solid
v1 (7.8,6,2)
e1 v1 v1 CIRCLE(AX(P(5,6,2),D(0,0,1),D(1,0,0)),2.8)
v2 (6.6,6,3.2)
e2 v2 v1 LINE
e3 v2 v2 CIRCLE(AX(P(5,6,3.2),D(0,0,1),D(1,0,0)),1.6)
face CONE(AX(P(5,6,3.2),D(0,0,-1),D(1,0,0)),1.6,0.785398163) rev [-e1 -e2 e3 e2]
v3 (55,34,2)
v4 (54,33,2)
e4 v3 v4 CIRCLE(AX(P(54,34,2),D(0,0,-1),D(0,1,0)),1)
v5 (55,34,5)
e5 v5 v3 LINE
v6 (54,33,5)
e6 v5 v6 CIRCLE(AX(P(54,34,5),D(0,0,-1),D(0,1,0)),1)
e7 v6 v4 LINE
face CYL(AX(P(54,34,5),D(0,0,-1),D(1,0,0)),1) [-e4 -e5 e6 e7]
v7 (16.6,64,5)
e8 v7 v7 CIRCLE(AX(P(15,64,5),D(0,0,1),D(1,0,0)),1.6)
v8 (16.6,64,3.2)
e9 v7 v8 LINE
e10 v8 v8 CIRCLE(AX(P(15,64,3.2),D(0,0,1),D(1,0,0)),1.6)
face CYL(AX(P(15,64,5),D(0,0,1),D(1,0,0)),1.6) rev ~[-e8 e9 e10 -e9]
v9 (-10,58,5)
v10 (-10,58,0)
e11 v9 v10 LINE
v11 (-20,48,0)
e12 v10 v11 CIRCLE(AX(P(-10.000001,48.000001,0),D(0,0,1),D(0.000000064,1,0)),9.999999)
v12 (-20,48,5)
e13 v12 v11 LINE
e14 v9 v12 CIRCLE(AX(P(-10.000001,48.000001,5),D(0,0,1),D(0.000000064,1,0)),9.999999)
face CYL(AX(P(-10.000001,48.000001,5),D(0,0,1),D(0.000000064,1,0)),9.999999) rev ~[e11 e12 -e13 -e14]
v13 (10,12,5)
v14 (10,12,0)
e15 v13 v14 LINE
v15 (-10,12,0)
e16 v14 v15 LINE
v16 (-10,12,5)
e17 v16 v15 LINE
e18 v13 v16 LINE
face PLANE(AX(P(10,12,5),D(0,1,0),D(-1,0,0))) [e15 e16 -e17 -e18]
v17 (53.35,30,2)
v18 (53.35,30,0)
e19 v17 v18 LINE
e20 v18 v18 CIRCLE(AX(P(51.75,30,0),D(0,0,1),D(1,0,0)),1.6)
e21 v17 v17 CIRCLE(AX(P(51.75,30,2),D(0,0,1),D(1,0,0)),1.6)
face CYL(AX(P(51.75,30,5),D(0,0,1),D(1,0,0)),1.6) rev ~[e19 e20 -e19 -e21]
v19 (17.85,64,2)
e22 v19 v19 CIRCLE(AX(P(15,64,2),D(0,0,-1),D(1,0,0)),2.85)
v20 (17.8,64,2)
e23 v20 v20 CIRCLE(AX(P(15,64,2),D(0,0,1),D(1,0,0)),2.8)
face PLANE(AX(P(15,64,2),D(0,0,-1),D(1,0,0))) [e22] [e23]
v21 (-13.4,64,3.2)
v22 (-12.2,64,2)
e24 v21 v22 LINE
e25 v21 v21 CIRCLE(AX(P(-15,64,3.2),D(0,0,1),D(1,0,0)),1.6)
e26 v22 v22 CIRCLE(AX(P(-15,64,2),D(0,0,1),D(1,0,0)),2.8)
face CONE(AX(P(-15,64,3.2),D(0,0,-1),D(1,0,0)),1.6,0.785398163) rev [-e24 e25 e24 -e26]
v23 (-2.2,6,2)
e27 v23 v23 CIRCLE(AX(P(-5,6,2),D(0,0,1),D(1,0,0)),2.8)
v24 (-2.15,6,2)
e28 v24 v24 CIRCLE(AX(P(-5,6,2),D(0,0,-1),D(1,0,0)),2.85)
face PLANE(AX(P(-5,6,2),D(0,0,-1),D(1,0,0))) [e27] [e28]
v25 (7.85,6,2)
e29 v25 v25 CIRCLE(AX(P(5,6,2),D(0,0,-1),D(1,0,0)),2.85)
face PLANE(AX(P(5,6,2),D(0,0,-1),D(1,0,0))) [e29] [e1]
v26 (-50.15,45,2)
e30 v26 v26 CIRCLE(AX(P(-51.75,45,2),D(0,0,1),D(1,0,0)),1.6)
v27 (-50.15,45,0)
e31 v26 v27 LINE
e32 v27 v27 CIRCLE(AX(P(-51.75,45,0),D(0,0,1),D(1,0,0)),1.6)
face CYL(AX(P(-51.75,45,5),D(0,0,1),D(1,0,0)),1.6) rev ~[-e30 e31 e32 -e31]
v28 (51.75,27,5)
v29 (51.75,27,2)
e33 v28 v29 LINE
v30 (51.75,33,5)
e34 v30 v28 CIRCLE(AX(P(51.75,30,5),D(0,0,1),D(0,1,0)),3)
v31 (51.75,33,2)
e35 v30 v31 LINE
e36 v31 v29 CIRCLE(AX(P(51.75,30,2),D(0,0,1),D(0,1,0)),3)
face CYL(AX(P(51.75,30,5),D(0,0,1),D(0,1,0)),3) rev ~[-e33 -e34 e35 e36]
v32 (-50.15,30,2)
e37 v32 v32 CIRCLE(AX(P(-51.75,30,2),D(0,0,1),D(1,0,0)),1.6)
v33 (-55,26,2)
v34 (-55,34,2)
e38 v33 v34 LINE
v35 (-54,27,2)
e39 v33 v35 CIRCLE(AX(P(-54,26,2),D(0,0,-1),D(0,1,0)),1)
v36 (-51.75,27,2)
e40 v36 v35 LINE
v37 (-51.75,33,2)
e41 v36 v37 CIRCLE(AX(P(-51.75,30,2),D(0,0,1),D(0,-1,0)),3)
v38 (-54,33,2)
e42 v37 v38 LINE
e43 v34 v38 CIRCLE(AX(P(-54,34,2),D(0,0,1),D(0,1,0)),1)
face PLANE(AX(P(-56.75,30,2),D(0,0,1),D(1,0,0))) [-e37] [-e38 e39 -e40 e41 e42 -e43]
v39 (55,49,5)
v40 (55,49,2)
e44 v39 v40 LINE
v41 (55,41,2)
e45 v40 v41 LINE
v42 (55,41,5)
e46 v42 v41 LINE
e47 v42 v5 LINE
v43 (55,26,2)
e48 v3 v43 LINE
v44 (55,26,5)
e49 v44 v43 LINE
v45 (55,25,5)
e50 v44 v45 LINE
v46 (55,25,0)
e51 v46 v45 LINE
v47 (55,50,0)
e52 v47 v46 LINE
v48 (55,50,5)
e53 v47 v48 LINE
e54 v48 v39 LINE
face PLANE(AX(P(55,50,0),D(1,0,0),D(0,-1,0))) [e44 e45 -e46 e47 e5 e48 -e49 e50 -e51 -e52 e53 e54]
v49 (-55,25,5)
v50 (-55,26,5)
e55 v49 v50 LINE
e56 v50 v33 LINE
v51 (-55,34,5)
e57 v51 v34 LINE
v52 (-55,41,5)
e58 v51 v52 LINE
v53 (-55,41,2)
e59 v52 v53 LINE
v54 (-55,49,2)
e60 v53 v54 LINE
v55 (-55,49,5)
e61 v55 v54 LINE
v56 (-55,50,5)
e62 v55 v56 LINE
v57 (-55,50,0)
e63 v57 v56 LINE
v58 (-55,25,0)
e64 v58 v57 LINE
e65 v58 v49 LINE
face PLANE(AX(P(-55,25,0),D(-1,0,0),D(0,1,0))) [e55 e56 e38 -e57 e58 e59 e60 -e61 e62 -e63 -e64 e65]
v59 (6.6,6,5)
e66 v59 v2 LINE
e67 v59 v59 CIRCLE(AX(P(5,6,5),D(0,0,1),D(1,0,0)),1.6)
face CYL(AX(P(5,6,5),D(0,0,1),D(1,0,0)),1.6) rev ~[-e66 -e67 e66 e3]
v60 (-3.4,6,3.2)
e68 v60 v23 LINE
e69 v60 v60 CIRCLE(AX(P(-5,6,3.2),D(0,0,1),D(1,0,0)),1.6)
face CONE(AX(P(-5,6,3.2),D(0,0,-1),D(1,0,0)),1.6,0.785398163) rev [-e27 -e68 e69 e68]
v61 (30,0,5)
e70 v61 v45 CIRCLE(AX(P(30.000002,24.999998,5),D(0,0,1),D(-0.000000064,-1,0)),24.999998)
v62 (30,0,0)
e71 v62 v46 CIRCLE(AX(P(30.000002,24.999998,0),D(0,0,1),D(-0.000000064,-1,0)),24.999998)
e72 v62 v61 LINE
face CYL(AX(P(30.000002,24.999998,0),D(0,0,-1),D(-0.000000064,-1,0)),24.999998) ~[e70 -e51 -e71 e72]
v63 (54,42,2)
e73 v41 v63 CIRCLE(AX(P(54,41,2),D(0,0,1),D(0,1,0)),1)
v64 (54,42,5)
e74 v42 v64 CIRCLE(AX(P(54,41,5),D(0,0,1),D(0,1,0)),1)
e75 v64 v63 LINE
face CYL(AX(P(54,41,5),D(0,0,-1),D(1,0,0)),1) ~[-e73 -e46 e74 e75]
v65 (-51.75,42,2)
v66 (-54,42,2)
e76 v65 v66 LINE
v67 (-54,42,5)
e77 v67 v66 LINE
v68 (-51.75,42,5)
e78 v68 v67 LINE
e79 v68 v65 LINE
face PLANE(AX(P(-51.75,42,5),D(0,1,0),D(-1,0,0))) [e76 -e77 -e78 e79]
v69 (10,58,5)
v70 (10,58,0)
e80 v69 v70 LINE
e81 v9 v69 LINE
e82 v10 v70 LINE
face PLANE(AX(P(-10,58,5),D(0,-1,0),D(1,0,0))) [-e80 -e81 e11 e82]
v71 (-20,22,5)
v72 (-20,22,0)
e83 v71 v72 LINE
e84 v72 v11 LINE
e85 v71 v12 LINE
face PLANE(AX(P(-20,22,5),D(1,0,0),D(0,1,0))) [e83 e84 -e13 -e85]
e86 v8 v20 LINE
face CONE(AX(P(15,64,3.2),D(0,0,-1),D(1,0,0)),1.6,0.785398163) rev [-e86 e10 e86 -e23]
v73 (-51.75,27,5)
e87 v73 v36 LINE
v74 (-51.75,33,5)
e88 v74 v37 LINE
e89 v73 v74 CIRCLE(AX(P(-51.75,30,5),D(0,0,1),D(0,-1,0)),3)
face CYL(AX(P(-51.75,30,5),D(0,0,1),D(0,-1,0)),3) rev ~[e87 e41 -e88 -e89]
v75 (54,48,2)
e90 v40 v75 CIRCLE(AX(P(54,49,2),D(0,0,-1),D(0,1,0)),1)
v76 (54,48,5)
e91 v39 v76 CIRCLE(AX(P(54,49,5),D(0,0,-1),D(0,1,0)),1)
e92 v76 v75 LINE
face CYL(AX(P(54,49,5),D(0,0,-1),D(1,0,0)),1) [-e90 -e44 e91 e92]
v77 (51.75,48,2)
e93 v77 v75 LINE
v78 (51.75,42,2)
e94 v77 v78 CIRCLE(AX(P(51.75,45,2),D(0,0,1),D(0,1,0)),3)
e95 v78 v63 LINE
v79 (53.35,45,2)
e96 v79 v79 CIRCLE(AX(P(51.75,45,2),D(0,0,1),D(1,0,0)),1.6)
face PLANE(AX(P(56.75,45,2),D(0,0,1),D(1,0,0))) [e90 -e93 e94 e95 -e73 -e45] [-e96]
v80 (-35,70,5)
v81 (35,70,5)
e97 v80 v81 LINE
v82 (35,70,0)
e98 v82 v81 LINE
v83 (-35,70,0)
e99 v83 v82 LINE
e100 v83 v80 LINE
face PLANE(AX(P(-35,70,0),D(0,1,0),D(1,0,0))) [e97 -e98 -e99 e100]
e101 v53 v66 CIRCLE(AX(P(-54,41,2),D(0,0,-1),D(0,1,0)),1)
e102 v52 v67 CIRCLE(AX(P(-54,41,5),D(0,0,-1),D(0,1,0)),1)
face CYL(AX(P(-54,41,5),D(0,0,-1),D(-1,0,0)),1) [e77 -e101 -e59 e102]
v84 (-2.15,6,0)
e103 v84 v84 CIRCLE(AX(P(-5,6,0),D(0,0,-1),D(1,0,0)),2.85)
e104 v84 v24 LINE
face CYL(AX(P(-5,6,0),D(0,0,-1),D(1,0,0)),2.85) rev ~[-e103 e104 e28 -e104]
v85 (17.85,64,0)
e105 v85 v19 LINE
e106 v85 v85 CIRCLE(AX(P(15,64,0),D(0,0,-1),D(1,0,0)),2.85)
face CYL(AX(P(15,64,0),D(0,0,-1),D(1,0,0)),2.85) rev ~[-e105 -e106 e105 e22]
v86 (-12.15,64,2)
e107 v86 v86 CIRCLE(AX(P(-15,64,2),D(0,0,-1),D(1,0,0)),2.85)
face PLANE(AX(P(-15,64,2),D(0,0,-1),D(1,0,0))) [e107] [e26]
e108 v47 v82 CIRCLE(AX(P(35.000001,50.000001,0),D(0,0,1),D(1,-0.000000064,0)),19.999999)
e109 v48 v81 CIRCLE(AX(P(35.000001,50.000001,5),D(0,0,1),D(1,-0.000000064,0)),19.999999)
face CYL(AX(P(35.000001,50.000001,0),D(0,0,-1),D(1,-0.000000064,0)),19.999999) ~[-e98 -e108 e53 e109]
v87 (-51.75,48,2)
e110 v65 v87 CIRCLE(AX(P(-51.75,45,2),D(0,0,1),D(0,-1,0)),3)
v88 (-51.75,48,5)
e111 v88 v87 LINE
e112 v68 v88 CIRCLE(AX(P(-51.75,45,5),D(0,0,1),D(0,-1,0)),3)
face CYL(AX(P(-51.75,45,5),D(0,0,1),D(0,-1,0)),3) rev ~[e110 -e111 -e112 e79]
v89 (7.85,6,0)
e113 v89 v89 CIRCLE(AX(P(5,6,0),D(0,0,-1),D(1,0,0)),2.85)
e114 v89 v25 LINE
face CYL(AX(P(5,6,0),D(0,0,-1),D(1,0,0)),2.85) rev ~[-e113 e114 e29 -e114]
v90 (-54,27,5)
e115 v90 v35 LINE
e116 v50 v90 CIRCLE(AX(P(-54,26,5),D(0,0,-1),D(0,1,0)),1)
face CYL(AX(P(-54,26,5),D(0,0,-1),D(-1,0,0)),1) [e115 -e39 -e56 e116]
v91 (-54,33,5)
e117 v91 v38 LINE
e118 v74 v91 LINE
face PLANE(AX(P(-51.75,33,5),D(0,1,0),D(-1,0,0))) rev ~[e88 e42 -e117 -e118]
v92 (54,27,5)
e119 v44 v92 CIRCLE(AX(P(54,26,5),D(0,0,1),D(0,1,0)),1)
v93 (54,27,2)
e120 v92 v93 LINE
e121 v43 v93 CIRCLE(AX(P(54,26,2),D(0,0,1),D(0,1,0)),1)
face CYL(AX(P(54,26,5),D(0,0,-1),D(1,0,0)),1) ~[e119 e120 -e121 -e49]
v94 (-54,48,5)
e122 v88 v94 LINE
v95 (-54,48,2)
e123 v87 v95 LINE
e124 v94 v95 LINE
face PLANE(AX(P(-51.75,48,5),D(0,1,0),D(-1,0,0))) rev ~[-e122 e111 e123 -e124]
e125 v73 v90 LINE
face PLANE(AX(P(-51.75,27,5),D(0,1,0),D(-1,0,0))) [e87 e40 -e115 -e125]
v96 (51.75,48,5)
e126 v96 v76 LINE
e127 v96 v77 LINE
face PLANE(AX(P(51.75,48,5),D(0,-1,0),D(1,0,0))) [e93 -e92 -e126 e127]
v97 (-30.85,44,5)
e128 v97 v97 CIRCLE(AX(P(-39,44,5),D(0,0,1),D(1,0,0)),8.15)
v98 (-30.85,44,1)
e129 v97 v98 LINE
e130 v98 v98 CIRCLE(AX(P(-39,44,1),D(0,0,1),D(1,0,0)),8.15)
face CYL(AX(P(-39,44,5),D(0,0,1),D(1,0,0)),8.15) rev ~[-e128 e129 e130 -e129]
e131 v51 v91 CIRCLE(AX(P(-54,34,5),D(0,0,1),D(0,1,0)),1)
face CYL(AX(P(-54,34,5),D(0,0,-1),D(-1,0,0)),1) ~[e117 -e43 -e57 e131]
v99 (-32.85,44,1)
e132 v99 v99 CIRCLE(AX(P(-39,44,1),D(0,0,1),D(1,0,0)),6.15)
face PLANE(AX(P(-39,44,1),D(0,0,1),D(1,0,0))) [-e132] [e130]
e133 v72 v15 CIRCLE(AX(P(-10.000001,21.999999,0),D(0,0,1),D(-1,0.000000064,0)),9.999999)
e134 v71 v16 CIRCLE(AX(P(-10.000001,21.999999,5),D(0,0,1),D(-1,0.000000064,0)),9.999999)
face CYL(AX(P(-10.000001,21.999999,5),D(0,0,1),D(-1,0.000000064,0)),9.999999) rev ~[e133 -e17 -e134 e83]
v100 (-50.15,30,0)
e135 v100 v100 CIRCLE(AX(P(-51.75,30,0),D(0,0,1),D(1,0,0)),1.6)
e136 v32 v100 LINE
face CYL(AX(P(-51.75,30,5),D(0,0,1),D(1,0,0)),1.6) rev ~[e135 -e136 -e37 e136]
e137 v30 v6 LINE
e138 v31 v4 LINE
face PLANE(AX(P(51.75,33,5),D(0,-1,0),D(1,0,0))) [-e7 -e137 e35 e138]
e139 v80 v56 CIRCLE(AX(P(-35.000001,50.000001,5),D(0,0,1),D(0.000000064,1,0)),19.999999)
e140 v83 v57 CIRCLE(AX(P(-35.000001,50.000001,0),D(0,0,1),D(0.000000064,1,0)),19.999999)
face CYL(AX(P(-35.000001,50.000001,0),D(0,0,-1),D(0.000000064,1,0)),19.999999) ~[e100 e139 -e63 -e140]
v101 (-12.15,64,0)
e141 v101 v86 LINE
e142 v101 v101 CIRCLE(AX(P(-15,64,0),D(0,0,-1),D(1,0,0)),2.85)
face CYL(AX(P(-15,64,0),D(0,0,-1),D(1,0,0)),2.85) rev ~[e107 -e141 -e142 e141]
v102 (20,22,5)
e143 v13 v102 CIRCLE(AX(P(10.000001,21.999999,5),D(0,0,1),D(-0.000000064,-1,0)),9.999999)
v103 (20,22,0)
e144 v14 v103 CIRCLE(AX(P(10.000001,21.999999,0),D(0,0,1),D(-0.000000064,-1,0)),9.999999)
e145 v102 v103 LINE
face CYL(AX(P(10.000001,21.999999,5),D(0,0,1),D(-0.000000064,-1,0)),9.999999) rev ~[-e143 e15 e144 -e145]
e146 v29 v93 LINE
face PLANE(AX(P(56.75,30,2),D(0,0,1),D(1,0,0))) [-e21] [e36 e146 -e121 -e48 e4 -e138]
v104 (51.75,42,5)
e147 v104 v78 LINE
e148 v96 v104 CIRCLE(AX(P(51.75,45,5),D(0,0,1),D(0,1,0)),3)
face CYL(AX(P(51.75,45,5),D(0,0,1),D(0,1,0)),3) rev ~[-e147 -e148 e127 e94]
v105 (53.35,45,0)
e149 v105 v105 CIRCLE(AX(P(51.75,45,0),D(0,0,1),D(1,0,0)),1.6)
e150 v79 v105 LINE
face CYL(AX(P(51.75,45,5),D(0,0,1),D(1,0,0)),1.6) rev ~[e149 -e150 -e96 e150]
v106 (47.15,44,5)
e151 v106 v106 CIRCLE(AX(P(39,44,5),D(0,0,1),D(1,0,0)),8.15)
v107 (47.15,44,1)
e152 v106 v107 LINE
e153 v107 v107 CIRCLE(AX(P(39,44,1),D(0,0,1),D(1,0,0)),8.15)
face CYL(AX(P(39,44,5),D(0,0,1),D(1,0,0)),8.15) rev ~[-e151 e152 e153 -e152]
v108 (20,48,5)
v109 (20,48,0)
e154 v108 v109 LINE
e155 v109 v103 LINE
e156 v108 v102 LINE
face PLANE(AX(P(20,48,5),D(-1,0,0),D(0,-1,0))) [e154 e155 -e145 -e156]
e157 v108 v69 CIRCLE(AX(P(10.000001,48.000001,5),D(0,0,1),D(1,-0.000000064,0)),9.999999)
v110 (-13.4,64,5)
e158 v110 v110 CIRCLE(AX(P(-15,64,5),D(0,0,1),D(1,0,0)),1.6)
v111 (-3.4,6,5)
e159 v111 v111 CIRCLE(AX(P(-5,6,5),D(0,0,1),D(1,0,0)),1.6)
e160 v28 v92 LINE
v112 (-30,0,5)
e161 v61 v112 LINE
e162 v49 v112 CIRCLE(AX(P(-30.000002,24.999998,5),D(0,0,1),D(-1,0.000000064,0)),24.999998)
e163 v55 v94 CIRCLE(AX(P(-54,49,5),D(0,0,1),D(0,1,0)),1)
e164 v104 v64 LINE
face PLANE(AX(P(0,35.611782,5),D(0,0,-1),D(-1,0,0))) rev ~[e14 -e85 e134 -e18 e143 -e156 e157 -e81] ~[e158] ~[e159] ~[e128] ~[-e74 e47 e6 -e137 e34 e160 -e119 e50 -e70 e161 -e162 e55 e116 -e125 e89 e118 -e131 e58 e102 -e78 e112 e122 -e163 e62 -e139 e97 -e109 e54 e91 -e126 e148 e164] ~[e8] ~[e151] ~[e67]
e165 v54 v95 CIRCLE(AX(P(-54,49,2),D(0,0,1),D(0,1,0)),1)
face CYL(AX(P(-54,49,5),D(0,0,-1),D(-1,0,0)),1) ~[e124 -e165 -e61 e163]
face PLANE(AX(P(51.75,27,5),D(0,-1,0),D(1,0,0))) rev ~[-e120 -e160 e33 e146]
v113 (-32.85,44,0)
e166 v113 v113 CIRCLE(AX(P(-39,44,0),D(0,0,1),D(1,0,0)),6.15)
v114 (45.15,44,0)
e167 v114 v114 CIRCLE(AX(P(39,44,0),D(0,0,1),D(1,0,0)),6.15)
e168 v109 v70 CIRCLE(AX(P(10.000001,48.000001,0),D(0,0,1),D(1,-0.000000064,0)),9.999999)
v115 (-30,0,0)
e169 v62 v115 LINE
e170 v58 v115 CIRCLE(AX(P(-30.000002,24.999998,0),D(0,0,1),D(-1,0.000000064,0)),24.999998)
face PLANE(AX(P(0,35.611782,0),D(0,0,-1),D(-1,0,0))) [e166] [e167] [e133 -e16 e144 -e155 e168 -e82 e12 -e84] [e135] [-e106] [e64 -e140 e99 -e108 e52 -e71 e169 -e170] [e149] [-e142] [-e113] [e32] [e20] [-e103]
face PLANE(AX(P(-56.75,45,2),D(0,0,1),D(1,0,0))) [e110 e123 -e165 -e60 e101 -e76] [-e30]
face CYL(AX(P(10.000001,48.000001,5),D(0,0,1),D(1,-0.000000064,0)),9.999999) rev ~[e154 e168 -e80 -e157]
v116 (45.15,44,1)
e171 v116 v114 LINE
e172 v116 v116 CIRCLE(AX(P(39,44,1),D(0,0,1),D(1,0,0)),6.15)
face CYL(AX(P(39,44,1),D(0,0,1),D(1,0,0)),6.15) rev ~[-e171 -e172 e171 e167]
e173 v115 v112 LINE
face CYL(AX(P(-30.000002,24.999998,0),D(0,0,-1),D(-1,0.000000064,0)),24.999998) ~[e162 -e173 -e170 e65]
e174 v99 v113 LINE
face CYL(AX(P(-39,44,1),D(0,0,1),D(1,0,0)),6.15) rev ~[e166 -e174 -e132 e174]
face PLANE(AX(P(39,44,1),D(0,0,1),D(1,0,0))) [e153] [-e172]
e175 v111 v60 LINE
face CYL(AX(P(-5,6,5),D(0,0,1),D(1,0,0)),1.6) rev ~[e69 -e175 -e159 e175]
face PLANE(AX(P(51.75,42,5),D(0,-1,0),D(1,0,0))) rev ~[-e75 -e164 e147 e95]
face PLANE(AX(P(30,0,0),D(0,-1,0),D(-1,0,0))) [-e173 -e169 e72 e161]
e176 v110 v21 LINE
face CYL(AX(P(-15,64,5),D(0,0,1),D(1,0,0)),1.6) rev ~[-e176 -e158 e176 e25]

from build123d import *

# Parameters (mm, degrees)
PAD_DEPTH       = 5
POCKET_DEPTH    = 5
SKETCH002_R     = 1.6
POCKET001_DEPTH = 5
POCKET002_DEPTH = 3
FILLET_R        = 1
SKETCH004_R     = 2.85
POCKET003_DEPTH = 2
CHAMFER_SIZE    = 1.2
SKETCH005_R     = 8.15
POCKET004_DEPTH = 4
SKETCH006_R     = 6.15
POCKET005_DEPTH = 1


with BuildPart() as part:
    # Sketch → Pad (new body)
    with BuildSketch(Plane.XY):
        with BuildLine():
            Line((-35, 70), (35, 70))
            ThreePointArc((55, 50), (49.142136, 64.142136), (35, 70))
            Line((55, 50), (55, 25))
            ThreePointArc((30, 0), (47.67767, 7.32233), (55, 25))
            Line((30, 0), (-30, 0))
            ThreePointArc((-55, 25), (-47.67767, 7.32233), (-30, 0))
            Line((-55, 25), (-55, 50))
            ThreePointArc((-35, 70), (-49.142136, 64.142136), (-55, 50))
        make_face()
    extrude(amount=PAD_DEPTH)

    # Sketch001 (on Face10 of Pad) → Pocket (cut)
    with BuildSketch(Plane.XY.offset(5)):
        with BuildLine():
            Line((-10, 58), (10, 58))
            ThreePointArc((20, 48), (17.071068, 55.071068), (10, 58))
            Line((20, 48), (20, 22))
            ThreePointArc((10, 12), (17.071068, 14.928932), (20, 22))
            Line((10, 12), (-10, 12))
            ThreePointArc((-20, 22), (-17.071068, 14.928932), (-10, 12))
            Line((-20, 22), (-20, 48))
            ThreePointArc((-10, 58), (-17.071068, 55.071068), (-20, 48))
        make_face()
    extrude(amount=-POCKET_DEPTH, mode=Mode.SUBTRACT)

    # Sketch002 (on Face5 of Pocket) → Pocket001 (cut)
    with BuildSketch(Plane.XY.offset(5)):
        with Locations((-51.75, 45)):
            Circle(SKETCH002_R)
        with Locations((-51.75, 30)):
            Circle(SKETCH002_R)
        with Locations((-5, 6)):
            Circle(SKETCH002_R)
        with Locations((5, 6)):
            Circle(SKETCH002_R)
        with Locations((15, 64)):
            Circle(SKETCH002_R)
        with Locations((-15, 64)):
            Circle(SKETCH002_R)
        with Locations((51.75, 45)):
            Circle(SKETCH002_R)
        with Locations((51.75, 30)):
            Circle(SKETCH002_R)
    extrude(amount=-POCKET001_DEPTH, mode=Mode.SUBTRACT)

    # Sketch003 (on Face5 of Pocket001) → Pocket002 (cut)
    with BuildSketch(Plane.XY.offset(5)):
        with BuildLine():
            ThreePointArc((51.75, 48), (48.75, 45), (51.75, 42))
            Line((51.75, 42), (61.75, 42))
            ThreePointArc((61.75, 42), (64.75, 45), (61.75, 48))
            Line((51.75, 48), (61.75, 48))
        make_face()
        with BuildLine():
            ThreePointArc((51.75, 33), (48.75, 30), (51.75, 27))
            Line((51.75, 27), (61.75, 27))
            ThreePointArc((61.75, 27), (64.75, 30), (61.75, 33))
            Line((51.75, 33), (61.75, 33))
        make_face()
        with BuildLine():
            ThreePointArc((-51.75, 42), (-48.75, 45), (-51.75, 48))
            Line((-51.75, 48), (-61.75, 48))
            ThreePointArc((-61.75, 48), (-64.75, 45), (-61.75, 42))
            Line((-51.75, 42), (-61.75, 42))
        make_face()
        with BuildLine():
            ThreePointArc((-51.75, 27), (-48.75, 30), (-51.75, 33))
            Line((-51.75, 33), (-61.75, 33))
            ThreePointArc((-61.75, 33), (-64.75, 30), (-61.75, 27))
            Line((-51.75, 27), (-61.75, 27))
        make_face()
    extrude(amount=-POCKET002_DEPTH, mode=Mode.SUBTRACT)

    # Fillet
    fillet_edges = [part.edges().sort_by_distance(p)[0] for p in [
        (55, 27, 3.5),
        (55, 33, 3.5),
        (55, 42, 3.5),
        (55, 48, 3.5),
        (-55, 48, 3.5),
        (-55, 42, 3.5),
        (-55, 33, 3.5),
        (-55, 27, 3.5),
    ]]
    fillet(fillet_edges, radius=FILLET_R)

    # Sketch004 (on Face6 of Fillet) → Pocket003 (cut)
    with BuildSketch(Plane(origin=(0, 0, 0), x_dir=(1, 0, 0), z_dir=(0, 0, -1))):
        with Locations((-5, -6)):
            Circle(SKETCH004_R)
        with Locations((5, -6)):
            Circle(SKETCH004_R)
        with Locations((-15, -64)):
            Circle(SKETCH004_R)
        with Locations((15, -64)):
            Circle(SKETCH004_R)
    extrude(amount=-POCKET003_DEPTH, mode=Mode.SUBTRACT)

    # Chamfer
    chamfer_edges = [part.edges().sort_by_distance(p)[0] for p in [
        (-6.6, 6, 2),
        (3.4, 6, 2),
        (-16.6, 64, 2),
        (13.4, 64, 2),
    ]]
    chamfer(chamfer_edges, length=CHAMFER_SIZE)

    # Sketch005 (on Face3 of Chamfer) → Pocket004 (cut)
    with BuildSketch(Plane.XY.offset(5)):
        with Locations((-39, 44)):
            Circle(SKETCH005_R)
        with Locations((39, 44)):
            Circle(SKETCH005_R)
    extrude(amount=-POCKET004_DEPTH, mode=Mode.SUBTRACT)

    # Sketch006 (on Face54 of Pocket004) → Pocket005 (cut)
    with BuildSketch(Plane.XY.offset(1)):
        with Locations((-39, 44)):
            Circle(SKETCH006_R)
        with Locations((39, 44)):
            Circle(SKETCH006_R)
    extrude(amount=-POCKET005_DEPTH, mode=Mode.SUBTRACT)


solid = part.part
